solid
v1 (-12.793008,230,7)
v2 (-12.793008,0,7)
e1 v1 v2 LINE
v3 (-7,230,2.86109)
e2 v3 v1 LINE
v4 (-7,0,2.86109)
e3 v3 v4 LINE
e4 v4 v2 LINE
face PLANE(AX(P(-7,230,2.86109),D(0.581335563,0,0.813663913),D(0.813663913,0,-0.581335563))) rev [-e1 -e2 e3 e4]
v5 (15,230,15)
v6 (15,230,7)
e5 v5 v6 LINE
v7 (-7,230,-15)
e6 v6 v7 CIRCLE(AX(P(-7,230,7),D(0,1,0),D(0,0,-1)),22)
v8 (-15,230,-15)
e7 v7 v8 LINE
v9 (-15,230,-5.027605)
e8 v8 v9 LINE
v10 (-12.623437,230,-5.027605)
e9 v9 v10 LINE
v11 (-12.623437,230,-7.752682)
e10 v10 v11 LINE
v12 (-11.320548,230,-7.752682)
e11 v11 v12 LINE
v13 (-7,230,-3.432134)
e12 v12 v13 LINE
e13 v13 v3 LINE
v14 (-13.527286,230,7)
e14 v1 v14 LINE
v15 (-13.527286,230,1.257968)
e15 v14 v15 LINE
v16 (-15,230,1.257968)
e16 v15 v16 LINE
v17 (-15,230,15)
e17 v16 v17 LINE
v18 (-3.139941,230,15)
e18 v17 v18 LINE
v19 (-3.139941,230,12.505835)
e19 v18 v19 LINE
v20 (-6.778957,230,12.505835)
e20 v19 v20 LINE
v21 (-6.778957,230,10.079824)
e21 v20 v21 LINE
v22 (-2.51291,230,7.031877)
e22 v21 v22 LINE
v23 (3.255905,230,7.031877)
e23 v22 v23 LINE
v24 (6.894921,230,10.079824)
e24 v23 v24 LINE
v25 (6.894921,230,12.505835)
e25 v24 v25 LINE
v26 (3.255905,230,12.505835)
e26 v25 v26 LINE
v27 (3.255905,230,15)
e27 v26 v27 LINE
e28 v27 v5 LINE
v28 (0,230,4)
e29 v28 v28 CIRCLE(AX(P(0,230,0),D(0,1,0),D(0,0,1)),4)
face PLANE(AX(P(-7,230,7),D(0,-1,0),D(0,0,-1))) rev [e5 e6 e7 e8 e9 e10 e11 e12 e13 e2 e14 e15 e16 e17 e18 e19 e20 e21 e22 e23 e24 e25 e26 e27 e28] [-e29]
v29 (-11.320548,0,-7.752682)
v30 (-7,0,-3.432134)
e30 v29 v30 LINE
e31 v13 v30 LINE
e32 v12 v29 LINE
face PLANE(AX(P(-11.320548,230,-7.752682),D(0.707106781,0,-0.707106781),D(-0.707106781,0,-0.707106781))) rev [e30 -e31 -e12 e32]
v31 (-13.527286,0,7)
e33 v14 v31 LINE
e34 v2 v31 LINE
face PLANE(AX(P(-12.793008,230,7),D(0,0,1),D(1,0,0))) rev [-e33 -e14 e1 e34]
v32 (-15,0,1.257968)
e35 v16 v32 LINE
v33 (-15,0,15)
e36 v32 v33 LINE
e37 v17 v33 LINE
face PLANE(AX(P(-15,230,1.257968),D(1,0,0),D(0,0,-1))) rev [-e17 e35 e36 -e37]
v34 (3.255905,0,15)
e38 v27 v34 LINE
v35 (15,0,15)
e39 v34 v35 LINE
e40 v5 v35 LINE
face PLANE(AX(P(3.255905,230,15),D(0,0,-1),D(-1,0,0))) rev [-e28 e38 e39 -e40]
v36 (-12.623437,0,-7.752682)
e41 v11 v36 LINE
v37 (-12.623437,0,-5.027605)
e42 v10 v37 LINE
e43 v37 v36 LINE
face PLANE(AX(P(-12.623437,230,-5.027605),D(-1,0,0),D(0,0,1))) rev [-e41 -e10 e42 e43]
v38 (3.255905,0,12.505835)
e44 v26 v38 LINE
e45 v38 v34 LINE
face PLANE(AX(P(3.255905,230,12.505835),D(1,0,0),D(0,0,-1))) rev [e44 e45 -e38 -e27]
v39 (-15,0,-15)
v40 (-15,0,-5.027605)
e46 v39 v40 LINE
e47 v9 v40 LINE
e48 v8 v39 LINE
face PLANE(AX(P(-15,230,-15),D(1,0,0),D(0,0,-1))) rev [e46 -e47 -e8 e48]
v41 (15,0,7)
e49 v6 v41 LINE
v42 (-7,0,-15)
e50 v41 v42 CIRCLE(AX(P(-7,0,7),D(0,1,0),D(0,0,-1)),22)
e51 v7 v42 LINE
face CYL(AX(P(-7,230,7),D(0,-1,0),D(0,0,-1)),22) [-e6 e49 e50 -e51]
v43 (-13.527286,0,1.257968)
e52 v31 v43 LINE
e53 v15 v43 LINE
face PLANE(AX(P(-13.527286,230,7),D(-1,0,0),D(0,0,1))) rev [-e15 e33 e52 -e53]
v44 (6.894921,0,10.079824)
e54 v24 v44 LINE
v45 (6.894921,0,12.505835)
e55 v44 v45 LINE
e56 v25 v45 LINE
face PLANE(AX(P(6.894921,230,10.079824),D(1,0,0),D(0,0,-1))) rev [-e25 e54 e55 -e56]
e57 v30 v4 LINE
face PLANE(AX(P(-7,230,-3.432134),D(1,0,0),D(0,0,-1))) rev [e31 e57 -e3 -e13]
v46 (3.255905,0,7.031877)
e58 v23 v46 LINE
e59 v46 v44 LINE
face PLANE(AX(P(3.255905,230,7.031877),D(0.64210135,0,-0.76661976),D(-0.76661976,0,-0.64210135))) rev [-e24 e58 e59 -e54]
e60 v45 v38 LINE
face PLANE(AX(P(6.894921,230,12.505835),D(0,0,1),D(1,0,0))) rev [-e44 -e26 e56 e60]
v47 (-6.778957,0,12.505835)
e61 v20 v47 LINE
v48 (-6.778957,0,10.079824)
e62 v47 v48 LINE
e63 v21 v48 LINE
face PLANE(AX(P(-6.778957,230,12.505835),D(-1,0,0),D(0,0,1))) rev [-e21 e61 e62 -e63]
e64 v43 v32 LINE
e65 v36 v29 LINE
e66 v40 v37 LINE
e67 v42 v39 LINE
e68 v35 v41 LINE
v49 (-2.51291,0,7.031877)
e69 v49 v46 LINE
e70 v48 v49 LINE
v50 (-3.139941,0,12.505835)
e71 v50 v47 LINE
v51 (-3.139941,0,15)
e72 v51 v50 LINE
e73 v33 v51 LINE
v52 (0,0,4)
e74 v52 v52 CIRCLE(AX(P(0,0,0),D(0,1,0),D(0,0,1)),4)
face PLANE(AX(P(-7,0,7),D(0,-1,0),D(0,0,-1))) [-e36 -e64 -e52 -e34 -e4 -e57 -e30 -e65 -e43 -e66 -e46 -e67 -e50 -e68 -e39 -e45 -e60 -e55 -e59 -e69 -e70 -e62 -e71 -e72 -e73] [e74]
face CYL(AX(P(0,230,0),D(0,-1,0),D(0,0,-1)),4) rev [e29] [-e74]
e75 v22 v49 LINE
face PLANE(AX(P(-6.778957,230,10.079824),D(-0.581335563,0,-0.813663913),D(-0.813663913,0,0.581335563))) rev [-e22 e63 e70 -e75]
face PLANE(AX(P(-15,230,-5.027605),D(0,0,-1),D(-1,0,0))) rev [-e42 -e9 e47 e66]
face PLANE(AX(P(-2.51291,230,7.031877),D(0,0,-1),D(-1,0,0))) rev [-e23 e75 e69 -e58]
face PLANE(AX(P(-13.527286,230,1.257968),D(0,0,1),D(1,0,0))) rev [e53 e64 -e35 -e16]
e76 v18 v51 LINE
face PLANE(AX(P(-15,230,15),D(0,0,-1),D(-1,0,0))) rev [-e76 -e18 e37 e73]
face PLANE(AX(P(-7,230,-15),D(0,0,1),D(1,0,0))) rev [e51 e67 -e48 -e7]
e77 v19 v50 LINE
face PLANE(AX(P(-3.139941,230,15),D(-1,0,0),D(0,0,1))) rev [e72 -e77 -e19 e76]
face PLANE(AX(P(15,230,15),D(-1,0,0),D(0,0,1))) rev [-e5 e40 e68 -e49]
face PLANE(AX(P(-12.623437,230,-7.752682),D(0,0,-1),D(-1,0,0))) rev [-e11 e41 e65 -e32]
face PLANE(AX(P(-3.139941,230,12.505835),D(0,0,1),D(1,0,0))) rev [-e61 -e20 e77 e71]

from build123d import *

# Parameters (mm, degrees)
CROQUIS1_R              = 4
SALIENTE_EXTRUIR1_DEPTH = 230


with BuildPart() as part:
    # Croquis1 → Saliente-Extruir1 (new body)
    with BuildSketch(Plane(origin=(0, 0, 0), x_dir=(1, 0, 0), z_dir=(0, 1, 0))):
        with BuildLine():
            Line((-7, 15), (-15, 15))
            Line((-15, 15), (-15, 5.027604917))
            Line((-15, 5.027604917), (-12.623437069, 5.027604917))
            Line((-12.623437069, 5.027604917), (-12.623437069, 7.752682341))
            Line((-12.623437069, 7.752682341), (-11.320548438, 7.752682341))
            Line((-11.320548438, 7.752682341), (-7, 3.432133903))
            Line((-7, 3.432133903), (-7, -2.861090311))
            Line((-7, -2.861090311), (-12.793007796, -7))
            Line((-12.793007796, -7), (-13.527286117, -7))
            Line((-13.527286117, -7), (-13.527286117, -1.25796789))
            Line((-13.527286117, -1.25796789), (-15, -1.25796789))
            Line((-15, -1.25796789), (-15, -15))
            Line((-15, -15), (-3.139941254, -15))
            Line((-3.139941254, -15), (-3.139941254, -12.505835019))
            Line((-3.139941254, -12.505835019), (-6.77895709, -12.505835019))
            Line((-6.77895709, -12.505835019), (-6.77895709, -10.079824462))
            Line((-6.77895709, -10.079824462), (-2.512909638, -7.031876702))
            Line((-2.512909638, -7.031876702), (3.25590476, -7.031876702))
            Line((3.25590476, -7.031876702), (6.894920596, -10.079824462))
            Line((6.894920596, -10.079824462), (6.894920596, -12.505835019))
            Line((6.894920596, -12.505835019), (3.25590476, -12.505835019))
            Line((3.25590476, -12.505835019), (3.25590476, -15))
            Line((3.25590476, -15), (15, -15))
            Line((15, -15), (15, -7))
            ThreePointArc((15, -7), (8.556349186, 8.556349186), (-7, 15))
        make_face()
        Circle(CROQUIS1_R, mode=Mode.SUBTRACT)
    extrude(amount=SALIENTE_EXTRUIR1_DEPTH)


solid = part.part
